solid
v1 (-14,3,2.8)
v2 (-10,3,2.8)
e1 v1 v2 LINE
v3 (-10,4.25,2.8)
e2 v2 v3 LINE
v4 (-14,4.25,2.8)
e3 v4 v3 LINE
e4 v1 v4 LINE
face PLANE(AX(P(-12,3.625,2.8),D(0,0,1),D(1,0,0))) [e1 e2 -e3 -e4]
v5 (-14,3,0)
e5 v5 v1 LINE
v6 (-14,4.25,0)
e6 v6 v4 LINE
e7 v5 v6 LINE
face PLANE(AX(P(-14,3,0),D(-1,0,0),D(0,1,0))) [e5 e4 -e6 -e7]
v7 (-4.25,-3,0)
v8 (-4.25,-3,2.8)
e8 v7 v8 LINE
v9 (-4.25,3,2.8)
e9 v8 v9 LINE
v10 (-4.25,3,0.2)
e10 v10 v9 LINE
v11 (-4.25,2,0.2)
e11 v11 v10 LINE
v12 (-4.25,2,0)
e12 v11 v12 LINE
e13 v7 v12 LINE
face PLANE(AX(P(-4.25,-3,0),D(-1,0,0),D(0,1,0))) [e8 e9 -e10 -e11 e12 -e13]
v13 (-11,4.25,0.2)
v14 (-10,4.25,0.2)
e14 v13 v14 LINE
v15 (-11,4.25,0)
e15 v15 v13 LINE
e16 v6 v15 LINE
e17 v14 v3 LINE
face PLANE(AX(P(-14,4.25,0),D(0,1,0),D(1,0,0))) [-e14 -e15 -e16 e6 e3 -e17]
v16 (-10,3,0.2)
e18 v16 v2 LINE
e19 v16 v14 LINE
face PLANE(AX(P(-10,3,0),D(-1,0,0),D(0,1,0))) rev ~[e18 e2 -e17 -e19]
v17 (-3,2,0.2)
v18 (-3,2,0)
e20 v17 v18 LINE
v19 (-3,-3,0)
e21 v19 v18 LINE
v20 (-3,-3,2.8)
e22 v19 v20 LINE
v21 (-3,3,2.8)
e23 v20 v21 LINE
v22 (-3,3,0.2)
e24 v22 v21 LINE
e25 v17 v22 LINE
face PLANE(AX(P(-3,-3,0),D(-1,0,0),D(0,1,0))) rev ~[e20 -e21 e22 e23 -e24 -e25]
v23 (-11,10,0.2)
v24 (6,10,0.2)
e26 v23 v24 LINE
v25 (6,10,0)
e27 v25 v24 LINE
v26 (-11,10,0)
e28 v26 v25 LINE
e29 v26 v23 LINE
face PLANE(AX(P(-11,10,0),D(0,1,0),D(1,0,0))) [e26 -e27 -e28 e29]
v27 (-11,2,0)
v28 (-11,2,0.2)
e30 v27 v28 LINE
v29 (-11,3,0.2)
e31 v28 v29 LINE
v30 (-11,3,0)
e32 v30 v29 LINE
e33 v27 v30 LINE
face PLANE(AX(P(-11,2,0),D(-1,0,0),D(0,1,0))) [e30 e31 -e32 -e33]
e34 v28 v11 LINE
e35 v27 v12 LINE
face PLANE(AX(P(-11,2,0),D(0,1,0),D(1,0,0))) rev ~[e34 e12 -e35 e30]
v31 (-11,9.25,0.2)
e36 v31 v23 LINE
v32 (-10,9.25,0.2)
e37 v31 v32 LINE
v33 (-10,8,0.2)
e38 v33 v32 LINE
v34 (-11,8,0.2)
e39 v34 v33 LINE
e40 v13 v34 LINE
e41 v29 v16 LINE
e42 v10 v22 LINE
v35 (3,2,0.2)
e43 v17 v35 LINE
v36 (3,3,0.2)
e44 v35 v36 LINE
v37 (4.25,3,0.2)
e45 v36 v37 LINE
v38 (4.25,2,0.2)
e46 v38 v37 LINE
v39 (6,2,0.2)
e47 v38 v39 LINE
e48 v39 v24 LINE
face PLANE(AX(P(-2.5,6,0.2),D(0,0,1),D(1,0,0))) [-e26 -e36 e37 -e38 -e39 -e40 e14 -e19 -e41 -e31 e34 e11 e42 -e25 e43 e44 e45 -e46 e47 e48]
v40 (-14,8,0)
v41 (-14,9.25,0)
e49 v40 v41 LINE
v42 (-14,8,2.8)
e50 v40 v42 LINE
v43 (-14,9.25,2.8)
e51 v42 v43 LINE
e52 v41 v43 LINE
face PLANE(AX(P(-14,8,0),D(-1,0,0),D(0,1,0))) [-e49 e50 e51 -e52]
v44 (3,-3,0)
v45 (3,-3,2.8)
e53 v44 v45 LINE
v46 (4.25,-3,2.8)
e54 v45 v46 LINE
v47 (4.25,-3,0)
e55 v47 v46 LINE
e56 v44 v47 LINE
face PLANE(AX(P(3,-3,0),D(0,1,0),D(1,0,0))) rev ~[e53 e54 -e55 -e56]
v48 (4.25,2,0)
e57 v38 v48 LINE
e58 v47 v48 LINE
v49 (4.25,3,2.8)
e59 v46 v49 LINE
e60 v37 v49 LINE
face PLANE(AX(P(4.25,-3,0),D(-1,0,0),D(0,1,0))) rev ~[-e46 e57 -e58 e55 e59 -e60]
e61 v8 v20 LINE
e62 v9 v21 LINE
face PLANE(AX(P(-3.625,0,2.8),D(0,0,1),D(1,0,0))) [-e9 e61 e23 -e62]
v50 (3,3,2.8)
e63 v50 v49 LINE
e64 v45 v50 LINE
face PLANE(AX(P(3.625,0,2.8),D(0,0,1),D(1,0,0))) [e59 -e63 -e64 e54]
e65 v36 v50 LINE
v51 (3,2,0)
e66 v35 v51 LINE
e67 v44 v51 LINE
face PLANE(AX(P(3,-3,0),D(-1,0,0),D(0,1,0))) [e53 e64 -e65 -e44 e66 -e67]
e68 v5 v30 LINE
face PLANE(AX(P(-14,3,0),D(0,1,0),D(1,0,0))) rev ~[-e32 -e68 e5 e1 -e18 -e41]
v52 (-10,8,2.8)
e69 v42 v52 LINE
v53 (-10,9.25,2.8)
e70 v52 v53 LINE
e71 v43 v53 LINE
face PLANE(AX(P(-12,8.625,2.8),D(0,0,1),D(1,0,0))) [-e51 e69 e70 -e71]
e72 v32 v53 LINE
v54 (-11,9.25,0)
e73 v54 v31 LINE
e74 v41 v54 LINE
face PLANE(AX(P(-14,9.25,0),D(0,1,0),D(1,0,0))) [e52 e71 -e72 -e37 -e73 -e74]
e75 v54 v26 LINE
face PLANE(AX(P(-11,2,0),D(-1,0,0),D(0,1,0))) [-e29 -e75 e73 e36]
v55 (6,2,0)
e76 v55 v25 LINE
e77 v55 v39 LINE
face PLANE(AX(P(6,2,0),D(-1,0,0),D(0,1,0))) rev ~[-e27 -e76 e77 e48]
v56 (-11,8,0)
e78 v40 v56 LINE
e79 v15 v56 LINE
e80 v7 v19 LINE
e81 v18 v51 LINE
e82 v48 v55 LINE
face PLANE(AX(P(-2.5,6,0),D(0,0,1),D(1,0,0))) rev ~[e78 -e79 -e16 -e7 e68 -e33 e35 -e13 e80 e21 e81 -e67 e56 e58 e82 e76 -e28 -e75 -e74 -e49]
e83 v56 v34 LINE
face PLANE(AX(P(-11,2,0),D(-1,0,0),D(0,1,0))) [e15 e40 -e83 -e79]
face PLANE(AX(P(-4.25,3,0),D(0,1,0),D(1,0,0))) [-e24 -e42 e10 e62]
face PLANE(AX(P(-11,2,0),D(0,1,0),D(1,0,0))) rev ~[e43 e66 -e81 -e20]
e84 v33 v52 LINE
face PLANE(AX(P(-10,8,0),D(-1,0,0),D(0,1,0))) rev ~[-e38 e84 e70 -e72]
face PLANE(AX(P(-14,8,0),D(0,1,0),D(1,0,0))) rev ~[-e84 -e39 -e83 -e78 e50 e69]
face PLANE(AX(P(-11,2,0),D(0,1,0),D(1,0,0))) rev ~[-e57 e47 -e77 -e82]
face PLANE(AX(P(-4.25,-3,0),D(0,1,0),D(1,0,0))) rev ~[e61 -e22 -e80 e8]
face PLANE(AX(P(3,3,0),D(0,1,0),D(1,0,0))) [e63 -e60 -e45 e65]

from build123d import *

# Parameters (mm, degrees)
BOX011_W     = 4
BOX011_H     = 1.25
BOX011_DEPTH = 2.8
BOX009_W     = 1.25
BOX009_H     = 6
BOX009_DEPTH = 2.8
BOX012_W     = 4
BOX012_H     = 1.25
BOX012_DEPTH = 2.8
BOX013_W     = 17
BOX013_H     = 8
BOX013_DEPTH = 0.2
BOX010_W     = 1.25
BOX010_H     = 6
BOX010_DEPTH = 2.8


with BuildPart() as cube011:
    # Box011 → Box011 (new body)
    with BuildSketch(Plane(origin=(-14, 3, 0), x_dir=(1, 0, 0), z_dir=(0, 0, 1))):
        with Locations((2, 0.625)):
            Rectangle(BOX011_W, BOX011_H)
    extrude(amount=BOX011_DEPTH)


with BuildPart() as cube009:
    # Box009 → Box009 (new body)
    with BuildSketch(Plane(origin=(3, -3, 0), x_dir=(1, 0, 0), z_dir=(0, 0, 1))):
        with Locations((0.625, 3)):
            Rectangle(BOX009_W, BOX009_H)
    extrude(amount=BOX009_DEPTH)


with BuildPart() as cube012:
    # Box012 → Box012 (new body)
    with BuildSketch(Plane(origin=(-14, 8, 0), x_dir=(1, 0, 0), z_dir=(0, 0, 1))):
        with Locations((2, 0.625)):
            Rectangle(BOX012_W, BOX012_H)
    extrude(amount=BOX012_DEPTH)


with BuildPart() as cube013:
    # Box013 → Box013 (new body)
    with BuildSketch(Plane(origin=(-11, 2, 0), x_dir=(1, 0, 0), z_dir=(0, 0, 1))):
        with Locations((8.5, 4)):
            Rectangle(BOX013_W, BOX013_H)
    extrude(amount=BOX013_DEPTH)


with BuildPart() as support:
    # Box010 → Box010 (new body)
    with BuildSketch(Plane(origin=(-4.25, -3, 0), x_dir=(1, 0, 0), z_dir=(0, 0, 1))):
        with Locations((0.625, 3)):
            Rectangle(BOX010_W, BOX010_H)
    extrude(amount=BOX010_DEPTH)

    # Fusion001: union Cube011, Cube009, Cube012, Cube013
    add(cube011.part)
    add(cube009.part)
    add(cube012.part)
    add(cube013.part)


solid = support.part
